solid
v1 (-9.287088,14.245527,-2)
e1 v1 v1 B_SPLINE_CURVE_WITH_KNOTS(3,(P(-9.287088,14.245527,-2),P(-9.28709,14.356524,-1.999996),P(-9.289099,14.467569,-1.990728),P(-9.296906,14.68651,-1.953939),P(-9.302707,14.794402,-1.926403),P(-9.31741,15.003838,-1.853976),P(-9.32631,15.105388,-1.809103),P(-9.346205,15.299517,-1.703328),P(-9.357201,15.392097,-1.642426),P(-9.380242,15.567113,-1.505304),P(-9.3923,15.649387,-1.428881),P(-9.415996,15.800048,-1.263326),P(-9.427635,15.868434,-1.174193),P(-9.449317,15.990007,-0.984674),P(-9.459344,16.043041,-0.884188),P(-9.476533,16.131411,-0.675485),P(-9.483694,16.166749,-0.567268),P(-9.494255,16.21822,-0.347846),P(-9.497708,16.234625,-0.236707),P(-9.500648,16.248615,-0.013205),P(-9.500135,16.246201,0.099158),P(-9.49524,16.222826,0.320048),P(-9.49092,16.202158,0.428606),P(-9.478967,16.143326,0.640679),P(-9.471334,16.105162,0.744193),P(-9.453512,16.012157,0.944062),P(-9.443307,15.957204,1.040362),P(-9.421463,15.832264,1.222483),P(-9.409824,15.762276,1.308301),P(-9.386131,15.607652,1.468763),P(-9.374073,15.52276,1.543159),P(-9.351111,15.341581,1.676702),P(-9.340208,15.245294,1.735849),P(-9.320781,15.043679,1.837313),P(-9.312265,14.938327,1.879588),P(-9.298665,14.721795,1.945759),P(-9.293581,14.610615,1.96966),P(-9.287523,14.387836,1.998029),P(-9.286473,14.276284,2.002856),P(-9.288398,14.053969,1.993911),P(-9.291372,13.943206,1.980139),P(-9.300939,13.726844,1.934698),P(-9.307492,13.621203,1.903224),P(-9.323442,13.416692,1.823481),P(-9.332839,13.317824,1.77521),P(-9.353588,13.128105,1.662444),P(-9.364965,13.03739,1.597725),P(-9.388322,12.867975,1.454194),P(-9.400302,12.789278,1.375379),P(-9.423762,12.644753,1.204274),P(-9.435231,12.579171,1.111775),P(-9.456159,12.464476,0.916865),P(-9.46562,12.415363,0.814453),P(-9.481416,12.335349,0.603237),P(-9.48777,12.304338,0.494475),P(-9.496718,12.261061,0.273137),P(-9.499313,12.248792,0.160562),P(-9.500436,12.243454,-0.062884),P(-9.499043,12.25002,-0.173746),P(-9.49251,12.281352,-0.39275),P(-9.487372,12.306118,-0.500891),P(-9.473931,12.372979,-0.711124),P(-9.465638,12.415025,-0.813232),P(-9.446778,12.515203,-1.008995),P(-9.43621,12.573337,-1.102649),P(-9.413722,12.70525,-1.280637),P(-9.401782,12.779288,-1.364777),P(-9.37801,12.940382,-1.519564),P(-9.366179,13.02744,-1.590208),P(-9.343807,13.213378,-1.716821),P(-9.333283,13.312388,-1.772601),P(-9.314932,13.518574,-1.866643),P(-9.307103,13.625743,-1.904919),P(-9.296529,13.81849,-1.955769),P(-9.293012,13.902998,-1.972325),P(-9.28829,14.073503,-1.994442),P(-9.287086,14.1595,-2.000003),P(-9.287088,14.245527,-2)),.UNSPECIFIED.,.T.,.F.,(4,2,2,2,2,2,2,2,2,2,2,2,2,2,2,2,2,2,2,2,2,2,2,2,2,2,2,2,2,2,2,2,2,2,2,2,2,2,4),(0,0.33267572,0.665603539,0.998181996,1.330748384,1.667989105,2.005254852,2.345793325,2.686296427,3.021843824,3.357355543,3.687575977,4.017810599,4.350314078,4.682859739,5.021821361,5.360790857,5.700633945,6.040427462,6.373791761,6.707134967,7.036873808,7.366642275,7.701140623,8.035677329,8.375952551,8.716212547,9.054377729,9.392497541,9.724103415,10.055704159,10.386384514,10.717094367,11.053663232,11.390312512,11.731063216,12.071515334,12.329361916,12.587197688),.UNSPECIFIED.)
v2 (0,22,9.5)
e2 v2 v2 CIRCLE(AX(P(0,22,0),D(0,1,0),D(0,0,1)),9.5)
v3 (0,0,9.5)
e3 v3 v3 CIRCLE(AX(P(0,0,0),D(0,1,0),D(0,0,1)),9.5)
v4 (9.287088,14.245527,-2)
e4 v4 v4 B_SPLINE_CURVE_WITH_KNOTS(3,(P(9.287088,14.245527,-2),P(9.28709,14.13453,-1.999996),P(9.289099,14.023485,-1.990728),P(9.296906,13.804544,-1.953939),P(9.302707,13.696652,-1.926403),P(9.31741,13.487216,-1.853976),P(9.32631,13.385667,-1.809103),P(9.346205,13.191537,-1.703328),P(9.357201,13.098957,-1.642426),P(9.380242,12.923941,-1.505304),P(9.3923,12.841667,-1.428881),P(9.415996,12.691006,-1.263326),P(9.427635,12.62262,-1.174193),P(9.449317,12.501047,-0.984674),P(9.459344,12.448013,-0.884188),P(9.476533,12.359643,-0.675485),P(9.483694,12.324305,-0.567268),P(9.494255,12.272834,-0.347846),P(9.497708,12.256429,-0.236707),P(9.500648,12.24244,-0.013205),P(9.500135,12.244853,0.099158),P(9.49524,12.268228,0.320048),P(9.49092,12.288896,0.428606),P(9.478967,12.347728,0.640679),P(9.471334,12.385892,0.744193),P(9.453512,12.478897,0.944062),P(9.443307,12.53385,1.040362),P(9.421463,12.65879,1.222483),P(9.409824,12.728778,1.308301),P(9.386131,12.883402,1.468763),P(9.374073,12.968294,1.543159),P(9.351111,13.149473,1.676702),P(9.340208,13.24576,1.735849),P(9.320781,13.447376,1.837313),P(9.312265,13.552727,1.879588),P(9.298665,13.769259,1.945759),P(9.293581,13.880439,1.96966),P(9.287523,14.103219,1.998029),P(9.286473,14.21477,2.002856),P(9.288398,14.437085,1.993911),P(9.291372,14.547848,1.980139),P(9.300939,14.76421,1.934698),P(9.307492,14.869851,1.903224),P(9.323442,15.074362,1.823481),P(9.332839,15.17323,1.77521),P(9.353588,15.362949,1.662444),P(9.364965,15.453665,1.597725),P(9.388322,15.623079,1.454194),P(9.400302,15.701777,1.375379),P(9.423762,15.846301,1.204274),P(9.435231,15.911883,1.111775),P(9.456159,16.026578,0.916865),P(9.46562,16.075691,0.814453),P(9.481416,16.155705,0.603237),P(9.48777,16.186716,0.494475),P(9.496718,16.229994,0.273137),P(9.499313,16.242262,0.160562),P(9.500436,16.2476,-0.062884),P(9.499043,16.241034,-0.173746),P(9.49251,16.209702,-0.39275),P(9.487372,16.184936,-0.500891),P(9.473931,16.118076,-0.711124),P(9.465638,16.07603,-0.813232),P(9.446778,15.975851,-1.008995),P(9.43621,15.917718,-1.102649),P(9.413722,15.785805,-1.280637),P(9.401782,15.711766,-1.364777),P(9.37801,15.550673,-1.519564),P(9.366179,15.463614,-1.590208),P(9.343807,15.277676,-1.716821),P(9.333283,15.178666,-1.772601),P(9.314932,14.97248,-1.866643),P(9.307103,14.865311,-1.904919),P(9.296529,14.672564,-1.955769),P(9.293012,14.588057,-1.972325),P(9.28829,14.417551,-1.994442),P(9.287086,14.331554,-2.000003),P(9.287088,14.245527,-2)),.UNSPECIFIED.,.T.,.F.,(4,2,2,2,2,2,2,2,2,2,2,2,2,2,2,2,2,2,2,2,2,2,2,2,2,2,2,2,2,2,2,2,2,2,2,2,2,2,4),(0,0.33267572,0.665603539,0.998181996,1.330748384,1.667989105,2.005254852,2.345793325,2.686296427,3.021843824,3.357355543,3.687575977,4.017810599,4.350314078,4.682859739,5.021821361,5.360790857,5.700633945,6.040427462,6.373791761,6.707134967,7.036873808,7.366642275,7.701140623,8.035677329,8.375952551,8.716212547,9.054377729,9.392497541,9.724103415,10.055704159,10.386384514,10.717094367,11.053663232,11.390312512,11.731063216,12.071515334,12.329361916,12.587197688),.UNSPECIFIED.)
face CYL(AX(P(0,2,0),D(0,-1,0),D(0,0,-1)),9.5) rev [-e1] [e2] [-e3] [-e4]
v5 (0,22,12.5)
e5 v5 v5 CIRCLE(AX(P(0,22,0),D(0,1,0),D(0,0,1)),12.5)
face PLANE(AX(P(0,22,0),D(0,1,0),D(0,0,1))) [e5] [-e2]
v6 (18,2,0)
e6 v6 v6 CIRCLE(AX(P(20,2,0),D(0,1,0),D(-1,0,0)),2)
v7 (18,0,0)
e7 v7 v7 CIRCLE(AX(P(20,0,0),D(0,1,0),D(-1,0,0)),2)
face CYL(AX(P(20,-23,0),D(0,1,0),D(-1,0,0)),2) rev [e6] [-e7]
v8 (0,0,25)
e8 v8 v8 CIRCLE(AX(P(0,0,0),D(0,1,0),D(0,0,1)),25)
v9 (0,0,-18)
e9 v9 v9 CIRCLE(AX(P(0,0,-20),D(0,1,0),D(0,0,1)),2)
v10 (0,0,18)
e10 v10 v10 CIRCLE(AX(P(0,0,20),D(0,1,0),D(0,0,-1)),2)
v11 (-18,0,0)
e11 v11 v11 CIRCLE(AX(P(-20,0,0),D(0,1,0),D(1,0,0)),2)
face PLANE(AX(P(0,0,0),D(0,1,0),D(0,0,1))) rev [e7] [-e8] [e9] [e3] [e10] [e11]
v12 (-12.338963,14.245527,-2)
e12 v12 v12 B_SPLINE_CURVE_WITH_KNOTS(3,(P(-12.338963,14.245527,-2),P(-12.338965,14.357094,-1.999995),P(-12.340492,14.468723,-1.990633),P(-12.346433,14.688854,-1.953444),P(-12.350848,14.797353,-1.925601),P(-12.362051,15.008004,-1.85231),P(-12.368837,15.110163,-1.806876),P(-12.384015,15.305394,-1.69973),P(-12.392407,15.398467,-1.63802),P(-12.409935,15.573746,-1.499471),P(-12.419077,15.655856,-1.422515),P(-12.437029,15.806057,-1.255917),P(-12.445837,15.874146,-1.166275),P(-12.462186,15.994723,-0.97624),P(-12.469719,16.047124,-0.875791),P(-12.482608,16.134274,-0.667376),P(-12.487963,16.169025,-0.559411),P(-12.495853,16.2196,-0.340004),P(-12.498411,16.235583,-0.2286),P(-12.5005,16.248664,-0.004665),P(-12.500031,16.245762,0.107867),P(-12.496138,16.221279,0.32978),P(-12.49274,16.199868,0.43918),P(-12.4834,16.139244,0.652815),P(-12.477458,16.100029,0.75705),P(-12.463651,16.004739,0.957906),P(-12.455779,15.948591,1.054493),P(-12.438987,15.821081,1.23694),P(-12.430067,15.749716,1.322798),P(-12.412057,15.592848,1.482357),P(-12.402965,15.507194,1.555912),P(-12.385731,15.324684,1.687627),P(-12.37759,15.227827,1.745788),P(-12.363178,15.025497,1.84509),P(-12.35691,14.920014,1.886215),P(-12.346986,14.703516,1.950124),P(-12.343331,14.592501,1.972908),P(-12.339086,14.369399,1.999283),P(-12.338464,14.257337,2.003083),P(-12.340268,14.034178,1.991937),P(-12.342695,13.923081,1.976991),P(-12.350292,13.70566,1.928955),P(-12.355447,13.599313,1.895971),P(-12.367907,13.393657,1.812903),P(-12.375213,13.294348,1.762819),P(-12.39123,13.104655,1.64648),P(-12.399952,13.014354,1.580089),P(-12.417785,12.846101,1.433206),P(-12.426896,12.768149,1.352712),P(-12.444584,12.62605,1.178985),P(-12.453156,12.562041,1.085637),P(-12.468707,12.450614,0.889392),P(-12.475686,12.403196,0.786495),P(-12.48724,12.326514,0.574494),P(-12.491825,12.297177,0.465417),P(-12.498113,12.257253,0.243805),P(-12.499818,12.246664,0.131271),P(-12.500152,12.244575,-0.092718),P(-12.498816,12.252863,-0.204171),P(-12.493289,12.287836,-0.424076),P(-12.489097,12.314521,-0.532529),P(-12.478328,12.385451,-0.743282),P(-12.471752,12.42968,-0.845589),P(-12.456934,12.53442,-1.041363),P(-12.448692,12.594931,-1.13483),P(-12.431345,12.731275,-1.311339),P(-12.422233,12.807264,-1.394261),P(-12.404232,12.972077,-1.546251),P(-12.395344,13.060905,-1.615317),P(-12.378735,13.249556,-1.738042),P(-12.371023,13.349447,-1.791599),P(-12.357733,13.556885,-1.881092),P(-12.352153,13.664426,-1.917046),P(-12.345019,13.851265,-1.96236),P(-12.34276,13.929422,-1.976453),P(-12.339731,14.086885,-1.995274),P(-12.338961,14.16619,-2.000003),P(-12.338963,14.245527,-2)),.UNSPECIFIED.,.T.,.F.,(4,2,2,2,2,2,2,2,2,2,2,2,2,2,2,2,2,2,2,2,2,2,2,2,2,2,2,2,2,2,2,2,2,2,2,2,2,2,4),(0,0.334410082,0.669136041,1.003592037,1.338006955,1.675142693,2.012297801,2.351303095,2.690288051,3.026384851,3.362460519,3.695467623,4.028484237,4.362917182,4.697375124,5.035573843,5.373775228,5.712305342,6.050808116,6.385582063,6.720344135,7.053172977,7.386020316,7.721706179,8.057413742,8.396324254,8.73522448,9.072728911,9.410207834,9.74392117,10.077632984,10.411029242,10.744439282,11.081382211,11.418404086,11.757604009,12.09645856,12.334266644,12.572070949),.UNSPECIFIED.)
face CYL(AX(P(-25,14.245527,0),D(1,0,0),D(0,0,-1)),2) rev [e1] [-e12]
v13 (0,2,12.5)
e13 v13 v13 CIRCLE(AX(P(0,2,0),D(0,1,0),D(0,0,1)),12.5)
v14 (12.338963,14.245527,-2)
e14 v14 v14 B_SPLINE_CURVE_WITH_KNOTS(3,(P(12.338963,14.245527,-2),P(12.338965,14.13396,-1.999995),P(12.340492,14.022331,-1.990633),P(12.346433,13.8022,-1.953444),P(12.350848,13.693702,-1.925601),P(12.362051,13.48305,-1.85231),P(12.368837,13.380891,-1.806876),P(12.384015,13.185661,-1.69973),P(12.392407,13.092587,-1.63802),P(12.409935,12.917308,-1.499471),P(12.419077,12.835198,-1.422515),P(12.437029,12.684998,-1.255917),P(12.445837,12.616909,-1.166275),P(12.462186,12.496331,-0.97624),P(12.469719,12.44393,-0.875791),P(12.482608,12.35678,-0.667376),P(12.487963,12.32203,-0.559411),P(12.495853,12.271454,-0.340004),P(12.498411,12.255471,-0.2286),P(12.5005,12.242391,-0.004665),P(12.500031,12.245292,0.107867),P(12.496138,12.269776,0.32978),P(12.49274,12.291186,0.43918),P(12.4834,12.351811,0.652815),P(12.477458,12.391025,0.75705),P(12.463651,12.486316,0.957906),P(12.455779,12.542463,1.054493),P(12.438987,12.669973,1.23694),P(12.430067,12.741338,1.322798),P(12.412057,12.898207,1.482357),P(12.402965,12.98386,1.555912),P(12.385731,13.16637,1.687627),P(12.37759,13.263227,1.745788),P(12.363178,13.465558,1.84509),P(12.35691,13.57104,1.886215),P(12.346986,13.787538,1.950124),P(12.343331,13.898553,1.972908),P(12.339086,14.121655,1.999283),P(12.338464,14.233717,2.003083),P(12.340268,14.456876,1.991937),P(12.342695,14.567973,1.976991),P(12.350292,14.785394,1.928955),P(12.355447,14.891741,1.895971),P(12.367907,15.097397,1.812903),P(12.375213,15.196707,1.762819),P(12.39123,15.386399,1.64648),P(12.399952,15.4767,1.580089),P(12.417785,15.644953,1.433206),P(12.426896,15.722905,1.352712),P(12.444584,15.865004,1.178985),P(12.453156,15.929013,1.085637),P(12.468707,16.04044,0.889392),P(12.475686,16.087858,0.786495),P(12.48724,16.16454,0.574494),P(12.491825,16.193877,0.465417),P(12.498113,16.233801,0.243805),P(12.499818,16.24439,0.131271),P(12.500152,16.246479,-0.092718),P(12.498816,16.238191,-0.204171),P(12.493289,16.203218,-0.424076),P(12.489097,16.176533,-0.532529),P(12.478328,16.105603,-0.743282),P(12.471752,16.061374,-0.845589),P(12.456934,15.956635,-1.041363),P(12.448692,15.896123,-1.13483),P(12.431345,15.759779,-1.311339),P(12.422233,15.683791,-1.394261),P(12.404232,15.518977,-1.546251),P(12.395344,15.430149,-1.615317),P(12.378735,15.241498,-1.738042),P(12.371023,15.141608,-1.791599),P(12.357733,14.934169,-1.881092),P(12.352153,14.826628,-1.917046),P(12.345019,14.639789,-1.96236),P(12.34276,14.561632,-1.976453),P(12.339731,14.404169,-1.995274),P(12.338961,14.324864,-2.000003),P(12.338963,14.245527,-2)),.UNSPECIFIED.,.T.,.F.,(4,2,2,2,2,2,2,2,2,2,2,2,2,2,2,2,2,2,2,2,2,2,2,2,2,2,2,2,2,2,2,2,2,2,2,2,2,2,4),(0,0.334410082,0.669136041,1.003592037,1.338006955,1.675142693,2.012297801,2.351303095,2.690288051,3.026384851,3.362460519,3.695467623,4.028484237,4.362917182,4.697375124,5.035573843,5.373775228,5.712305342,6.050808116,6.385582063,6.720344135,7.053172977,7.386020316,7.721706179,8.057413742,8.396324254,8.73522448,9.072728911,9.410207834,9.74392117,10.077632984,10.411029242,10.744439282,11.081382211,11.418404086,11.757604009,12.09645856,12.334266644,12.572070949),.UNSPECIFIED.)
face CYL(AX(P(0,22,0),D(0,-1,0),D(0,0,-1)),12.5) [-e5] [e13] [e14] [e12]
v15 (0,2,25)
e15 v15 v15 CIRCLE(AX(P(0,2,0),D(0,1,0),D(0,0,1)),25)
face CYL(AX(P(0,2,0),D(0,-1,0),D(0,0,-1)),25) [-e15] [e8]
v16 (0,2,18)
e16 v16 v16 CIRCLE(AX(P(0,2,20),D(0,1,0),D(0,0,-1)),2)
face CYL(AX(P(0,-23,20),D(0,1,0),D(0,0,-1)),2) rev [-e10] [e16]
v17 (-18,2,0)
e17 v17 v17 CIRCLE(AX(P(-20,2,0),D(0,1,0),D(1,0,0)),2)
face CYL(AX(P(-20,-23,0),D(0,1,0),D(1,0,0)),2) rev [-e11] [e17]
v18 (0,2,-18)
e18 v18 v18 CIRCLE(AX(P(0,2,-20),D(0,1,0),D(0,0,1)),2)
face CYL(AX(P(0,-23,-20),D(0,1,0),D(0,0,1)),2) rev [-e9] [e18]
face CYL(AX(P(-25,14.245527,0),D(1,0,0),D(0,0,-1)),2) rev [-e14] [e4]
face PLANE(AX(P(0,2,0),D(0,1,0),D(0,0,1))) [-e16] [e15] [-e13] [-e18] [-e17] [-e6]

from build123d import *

# Parameters (mm, degrees)
SKETCH1_R               = 25
SKETCH1_R_2             = 9.5
BOSS_EXTRUDE1_DEPTH     = 2
SKETCH2_R               = 12.5
SKETCH2_R_2             = 9.5
BOSS_EXTRUDE2_DEPTH     = 20
SKETCH3_R               = 2
CUT_EXTRUDE1_DEPTH      = 25
CIRPATTERN1_COUNT       = 4
CUT_EXTRUDE2_DEPTH      = 42.641325627
CUT_EXTRUDE2_DEPTH_BACK = 42.641325627
SKETCH4_R               = 2


with BuildPart() as part:
    # Sketch1 → Boss-Extrude1 (new body)
    with BuildSketch(Plane(origin=(0, 0, 0), x_dir=(1, 0, 0), z_dir=(0, 1, 0))):
        with Locations(Location((0, 0, 0), (0, 0, 270))):
            Circle(SKETCH1_R)
        with Locations(Location((0, 0, 0), (0, 0, 270))):
            Circle(SKETCH1_R_2, mode=Mode.SUBTRACT)
    extrude(amount=BOSS_EXTRUDE1_DEPTH)

    # Sketch2 → Boss-Extrude2 (add)
    with BuildSketch(Plane(origin=(0, 2, 0), x_dir=(1, 0, 0), z_dir=(0, 1, 0))):
        with Locations(Location((0, 0, 0), (0, 0, 270))):
            Circle(SKETCH2_R)
        with Locations(Location((0, 0, 0), (0, 0, 270))):
            Circle(SKETCH2_R_2, mode=Mode.SUBTRACT)
    extrude(amount=BOSS_EXTRUDE2_DEPTH)

    # Sketch3 → Cut-Extrude1 (cut)
    with BuildSketch(Plane(origin=(0, 2, 0), x_dir=(1, 0, 0), z_dir=(0, 1, 0))):
        with Locations(Location((0, 20, 0), (0, 0, 270))):
            Circle(SKETCH3_R)
    cut_extrude1 = extrude(amount=-CUT_EXTRUDE1_DEPTH, mode=Mode.SUBTRACT)

    # CirPattern1: Cut-Extrude1 ×4 about axis
    cirpattern1_axis = Axis((0, 0, 0), (0, 1, 0))
    for i in range(1, CIRPATTERN1_COUNT):
        add(cut_extrude1.rotate(cirpattern1_axis, i * 360 / CIRPATTERN1_COUNT), mode=Mode.SUBTRACT)

    # Sketch4 → Cut-Extrude2 (cut, two sides: drawn at the far end of the back side and taken through both)
    with BuildSketch(Plane(origin=(0, 0, 0), x_dir=(0, 0, -1), z_dir=(1, 0, 0)).offset(-CUT_EXTRUDE2_DEPTH_BACK)):
        with Locations((0, 14.24552707)):
            Circle(SKETCH4_R)
    extrude(amount=CUT_EXTRUDE2_DEPTH + CUT_EXTRUDE2_DEPTH_BACK, mode=Mode.SUBTRACT)


solid = part.part
